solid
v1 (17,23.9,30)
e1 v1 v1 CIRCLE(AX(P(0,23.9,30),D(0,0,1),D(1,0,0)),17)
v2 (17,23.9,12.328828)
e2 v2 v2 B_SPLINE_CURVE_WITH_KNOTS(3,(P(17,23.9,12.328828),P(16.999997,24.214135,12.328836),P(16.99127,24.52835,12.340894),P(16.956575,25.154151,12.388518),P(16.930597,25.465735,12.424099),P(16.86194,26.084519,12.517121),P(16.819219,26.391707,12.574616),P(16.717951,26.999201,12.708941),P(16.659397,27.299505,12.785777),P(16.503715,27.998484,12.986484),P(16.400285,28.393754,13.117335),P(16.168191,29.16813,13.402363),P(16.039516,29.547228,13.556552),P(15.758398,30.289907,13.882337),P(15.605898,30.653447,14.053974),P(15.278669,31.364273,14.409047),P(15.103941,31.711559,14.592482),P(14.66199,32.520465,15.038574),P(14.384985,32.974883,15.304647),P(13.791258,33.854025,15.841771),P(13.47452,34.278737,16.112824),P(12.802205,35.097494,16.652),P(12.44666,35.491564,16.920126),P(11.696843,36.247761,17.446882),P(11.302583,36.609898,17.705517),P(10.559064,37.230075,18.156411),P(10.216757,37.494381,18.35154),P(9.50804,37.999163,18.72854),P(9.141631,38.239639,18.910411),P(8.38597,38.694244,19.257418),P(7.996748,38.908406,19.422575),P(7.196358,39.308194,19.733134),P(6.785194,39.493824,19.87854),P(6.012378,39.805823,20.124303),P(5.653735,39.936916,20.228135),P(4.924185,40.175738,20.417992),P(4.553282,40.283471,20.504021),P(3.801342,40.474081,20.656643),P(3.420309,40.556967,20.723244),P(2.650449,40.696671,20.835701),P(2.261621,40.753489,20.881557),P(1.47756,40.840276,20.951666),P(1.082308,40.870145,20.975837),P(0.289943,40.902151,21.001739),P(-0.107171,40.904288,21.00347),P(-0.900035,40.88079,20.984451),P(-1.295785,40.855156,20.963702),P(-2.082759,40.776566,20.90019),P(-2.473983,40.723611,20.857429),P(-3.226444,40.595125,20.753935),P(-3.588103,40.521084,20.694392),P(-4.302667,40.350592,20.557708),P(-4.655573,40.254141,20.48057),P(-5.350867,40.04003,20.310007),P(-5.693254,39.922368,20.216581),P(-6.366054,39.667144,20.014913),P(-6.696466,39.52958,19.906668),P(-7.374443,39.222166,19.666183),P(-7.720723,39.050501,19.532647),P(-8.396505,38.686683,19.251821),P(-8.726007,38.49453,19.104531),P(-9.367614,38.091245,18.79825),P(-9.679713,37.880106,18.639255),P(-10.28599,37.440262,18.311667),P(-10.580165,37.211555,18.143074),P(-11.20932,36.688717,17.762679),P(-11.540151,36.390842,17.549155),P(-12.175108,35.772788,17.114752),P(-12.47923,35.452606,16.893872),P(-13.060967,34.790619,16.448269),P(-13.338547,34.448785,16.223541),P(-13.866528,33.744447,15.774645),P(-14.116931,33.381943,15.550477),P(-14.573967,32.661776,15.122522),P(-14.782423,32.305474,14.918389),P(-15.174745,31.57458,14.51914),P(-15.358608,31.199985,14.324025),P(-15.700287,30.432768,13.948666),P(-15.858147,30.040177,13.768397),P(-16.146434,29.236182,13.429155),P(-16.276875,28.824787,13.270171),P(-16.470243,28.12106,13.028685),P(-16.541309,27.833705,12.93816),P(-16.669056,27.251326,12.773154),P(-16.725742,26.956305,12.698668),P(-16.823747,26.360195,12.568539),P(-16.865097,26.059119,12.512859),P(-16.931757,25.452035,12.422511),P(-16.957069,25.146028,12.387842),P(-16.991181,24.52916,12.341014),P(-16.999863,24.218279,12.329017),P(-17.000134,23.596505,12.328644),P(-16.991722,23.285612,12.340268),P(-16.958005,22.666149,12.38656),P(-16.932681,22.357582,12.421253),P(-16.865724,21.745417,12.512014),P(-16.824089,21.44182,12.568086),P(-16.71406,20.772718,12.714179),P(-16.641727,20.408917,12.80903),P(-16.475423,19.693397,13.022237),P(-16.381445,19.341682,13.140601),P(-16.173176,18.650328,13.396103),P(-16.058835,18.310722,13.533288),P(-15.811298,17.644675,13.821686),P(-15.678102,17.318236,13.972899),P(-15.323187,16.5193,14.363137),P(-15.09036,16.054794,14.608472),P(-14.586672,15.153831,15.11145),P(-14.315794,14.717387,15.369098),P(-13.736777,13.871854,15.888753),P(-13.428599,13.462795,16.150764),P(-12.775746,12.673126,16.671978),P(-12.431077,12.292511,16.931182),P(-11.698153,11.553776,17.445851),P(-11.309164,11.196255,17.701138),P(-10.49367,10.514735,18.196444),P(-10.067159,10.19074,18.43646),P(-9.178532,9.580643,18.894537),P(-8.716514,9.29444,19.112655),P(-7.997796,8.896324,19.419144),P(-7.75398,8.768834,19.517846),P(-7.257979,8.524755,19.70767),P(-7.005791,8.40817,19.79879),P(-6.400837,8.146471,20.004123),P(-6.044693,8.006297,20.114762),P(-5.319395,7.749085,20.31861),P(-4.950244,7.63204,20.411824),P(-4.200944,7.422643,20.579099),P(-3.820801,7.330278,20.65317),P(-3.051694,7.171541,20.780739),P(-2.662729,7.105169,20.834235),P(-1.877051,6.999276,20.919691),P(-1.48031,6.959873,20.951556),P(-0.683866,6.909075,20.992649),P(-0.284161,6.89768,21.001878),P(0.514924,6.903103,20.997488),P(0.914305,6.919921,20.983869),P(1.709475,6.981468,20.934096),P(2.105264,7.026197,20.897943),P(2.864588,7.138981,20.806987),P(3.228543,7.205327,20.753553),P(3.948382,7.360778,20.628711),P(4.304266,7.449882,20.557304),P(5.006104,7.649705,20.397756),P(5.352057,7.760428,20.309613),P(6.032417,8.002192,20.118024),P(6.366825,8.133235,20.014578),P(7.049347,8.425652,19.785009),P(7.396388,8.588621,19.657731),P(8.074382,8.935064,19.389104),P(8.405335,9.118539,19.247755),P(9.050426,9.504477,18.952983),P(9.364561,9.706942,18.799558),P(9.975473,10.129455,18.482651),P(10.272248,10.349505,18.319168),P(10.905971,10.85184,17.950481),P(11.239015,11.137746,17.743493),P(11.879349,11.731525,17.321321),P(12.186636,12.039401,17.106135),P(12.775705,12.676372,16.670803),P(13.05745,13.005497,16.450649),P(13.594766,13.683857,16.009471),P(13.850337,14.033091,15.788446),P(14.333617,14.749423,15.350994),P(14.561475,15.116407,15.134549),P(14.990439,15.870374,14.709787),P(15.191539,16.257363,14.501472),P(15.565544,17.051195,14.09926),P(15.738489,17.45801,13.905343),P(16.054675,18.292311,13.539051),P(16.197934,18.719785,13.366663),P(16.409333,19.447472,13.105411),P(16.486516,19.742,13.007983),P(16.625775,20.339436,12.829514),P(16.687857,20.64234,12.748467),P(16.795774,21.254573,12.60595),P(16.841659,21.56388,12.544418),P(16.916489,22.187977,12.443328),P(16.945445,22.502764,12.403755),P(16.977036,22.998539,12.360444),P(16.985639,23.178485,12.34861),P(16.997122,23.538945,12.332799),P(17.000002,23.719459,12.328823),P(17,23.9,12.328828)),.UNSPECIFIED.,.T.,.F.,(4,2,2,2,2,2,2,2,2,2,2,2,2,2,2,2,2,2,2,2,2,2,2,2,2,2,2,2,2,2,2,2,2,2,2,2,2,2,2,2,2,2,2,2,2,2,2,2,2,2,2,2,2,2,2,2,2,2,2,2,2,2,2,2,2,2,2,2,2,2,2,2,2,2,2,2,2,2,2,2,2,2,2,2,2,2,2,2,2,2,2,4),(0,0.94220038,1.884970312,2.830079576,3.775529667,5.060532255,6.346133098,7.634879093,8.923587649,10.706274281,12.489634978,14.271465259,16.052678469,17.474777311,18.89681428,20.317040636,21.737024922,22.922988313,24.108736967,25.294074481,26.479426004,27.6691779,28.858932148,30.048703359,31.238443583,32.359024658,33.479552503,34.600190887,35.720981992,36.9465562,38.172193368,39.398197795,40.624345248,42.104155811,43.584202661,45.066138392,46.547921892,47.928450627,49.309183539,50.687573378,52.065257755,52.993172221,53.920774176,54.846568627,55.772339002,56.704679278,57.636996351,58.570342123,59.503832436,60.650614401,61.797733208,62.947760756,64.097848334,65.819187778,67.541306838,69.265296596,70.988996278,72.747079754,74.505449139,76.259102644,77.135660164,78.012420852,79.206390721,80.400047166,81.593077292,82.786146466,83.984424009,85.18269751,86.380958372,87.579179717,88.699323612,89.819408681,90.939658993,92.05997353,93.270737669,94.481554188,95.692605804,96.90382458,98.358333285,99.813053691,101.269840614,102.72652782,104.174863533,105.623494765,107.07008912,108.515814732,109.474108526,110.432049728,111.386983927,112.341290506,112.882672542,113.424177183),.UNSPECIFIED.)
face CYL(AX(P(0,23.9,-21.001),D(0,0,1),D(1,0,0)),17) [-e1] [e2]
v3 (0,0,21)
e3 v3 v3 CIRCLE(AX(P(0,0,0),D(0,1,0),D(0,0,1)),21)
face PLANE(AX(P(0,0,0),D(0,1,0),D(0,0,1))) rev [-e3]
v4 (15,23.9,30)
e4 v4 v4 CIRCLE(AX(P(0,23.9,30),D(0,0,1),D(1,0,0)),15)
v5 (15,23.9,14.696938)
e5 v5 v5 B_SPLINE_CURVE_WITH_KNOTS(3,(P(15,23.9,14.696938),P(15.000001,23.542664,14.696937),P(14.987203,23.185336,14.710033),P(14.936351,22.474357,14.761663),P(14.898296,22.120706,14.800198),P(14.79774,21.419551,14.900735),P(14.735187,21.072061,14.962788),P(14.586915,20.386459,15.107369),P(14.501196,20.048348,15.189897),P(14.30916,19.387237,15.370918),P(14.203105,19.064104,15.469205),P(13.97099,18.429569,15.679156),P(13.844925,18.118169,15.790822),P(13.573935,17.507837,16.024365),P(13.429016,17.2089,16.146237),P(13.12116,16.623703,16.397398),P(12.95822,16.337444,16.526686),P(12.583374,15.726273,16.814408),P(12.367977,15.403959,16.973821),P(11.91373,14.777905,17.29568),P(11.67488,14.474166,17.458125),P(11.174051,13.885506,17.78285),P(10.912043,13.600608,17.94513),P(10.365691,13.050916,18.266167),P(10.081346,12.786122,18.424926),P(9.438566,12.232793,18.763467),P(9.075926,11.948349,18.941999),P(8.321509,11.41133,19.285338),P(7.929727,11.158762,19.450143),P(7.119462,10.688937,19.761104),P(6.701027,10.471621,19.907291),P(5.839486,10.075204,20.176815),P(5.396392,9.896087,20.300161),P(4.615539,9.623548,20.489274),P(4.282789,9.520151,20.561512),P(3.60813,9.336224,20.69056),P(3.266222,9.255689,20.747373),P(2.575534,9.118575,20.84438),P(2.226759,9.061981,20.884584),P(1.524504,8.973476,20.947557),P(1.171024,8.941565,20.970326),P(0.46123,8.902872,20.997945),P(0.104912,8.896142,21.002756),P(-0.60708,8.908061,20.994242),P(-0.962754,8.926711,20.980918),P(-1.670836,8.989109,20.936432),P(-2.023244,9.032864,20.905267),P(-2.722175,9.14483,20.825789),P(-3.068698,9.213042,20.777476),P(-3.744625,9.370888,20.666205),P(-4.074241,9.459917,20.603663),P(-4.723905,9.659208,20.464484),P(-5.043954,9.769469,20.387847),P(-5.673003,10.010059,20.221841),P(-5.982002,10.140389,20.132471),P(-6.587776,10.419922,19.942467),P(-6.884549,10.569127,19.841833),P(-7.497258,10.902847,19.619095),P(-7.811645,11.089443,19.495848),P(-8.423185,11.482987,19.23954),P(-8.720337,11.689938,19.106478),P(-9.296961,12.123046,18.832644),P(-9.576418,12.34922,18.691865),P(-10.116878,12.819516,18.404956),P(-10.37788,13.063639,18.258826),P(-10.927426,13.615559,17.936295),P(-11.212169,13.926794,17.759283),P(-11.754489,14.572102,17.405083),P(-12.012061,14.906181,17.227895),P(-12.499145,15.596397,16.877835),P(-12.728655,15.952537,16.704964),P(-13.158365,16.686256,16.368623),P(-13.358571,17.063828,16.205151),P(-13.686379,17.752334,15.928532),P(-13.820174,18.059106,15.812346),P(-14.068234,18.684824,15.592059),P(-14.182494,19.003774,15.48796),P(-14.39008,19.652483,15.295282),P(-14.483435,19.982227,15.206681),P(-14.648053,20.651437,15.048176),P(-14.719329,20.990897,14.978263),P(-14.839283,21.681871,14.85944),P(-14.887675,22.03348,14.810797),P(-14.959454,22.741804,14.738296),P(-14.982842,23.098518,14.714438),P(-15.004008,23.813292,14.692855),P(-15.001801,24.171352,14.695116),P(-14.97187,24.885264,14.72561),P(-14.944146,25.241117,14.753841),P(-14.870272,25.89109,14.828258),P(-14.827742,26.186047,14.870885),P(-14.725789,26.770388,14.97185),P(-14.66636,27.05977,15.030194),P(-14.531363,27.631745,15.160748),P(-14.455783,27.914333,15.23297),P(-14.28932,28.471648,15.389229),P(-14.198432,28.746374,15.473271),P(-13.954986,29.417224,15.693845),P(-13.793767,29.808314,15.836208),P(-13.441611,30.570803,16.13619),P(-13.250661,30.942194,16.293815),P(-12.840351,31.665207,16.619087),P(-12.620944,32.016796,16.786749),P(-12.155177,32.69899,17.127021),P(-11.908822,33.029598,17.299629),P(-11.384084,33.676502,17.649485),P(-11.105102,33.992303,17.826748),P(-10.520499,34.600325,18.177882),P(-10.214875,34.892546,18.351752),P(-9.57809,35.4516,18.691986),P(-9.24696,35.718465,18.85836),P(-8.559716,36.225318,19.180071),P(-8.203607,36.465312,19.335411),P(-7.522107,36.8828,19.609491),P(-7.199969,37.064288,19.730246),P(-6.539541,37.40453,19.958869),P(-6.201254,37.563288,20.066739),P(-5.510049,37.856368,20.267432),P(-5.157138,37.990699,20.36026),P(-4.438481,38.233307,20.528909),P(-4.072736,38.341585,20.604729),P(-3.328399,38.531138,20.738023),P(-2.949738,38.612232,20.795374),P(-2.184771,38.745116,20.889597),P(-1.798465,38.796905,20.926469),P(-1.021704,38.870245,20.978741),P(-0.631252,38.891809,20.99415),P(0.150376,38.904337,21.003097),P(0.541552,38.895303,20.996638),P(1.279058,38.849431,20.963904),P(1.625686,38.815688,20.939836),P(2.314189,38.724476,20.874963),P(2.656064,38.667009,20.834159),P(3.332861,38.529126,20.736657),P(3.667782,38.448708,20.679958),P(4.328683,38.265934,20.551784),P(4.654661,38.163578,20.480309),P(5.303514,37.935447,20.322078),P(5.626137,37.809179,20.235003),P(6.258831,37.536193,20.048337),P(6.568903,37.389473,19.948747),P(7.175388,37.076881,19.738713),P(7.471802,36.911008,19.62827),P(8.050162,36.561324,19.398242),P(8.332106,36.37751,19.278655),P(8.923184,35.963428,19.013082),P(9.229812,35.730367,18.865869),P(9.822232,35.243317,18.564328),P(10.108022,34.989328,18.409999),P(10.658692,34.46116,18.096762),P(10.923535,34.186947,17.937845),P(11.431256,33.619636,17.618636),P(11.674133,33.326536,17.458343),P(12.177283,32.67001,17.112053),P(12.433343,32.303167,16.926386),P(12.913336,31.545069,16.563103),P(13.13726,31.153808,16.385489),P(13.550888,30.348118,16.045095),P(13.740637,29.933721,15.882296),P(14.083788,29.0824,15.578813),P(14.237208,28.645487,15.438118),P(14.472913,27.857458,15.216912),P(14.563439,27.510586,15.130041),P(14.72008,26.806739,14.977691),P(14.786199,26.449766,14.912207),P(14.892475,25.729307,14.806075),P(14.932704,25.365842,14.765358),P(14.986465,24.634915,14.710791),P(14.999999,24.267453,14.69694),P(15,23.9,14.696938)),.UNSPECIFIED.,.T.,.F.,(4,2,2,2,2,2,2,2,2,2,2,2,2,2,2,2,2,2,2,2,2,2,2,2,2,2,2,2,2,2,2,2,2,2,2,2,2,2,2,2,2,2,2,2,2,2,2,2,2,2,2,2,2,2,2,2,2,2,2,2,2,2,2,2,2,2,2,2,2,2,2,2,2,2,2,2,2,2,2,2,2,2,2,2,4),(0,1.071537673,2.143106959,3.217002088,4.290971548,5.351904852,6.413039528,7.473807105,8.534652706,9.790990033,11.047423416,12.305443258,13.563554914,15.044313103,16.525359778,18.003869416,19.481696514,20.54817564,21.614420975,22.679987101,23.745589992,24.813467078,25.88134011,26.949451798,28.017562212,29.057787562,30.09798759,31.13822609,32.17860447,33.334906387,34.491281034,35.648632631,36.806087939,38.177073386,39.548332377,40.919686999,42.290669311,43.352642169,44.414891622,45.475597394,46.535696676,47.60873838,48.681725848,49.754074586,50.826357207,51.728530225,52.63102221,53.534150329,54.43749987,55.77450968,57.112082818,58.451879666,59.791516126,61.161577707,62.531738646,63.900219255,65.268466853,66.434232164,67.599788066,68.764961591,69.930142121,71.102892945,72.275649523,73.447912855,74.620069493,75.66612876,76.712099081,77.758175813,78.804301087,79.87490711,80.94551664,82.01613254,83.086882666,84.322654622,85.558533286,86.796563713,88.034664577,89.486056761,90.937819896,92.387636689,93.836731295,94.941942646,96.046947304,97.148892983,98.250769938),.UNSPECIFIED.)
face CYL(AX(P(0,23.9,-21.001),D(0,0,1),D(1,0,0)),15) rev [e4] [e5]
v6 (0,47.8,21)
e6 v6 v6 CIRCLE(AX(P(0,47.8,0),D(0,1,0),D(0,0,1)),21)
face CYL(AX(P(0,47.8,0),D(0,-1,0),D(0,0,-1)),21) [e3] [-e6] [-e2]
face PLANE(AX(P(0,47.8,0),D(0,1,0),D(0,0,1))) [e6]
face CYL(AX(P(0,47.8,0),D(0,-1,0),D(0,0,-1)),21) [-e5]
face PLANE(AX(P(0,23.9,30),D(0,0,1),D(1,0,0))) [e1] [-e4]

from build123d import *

# Parameters (mm, degrees)
SKETCH1_R                = 21
BOSS_EXTRUDE1_DEPTH      = 47.8
BOSS_EXTRUDE2_REACH      = 74.985
BOSS_EXTRUDE2_END_RADIUS = 21
SKETCH3_R                = 17
SKETCH3_R_2              = 15


with BuildPart() as part:
    # Sketch1 → Boss-Extrude1 (new body)
    with BuildSketch(Plane(origin=(0, 0, 0), x_dir=(1, 0, 0), z_dir=(0, 1, 0))):
        with Locations(Location((0, 0, 0), (0, 0, 90))):
            Circle(SKETCH1_R)
    extrude(amount=BOSS_EXTRUDE1_DEPTH)

    # Boss-Extrude2: up to this cylinder (the profile starts outside it)
    boss_extrude2_end = Plane(origin=(0, 23.9, 0), z_dir=(0, -1, 0)) * Cylinder(BOSS_EXTRUDE2_END_RADIUS, 192.97, mode=Mode.PRIVATE)
    # Sketch3 → Boss-Extrude2 (add, up to the surface)
    with BuildSketch(Plane.XY.offset(30), mode=Mode.PRIVATE) as boss_extrude2_sk1:
        with Locations((0, 23.9)):
            Circle(SKETCH3_R)
        with Locations((0, 23.9)):
            Circle(SKETCH3_R_2, mode=Mode.SUBTRACT)
    boss_extrude2_tool1 = extrude(boss_extrude2_sk1.sketch, amount=-BOSS_EXTRUDE2_REACH, mode=Mode.PRIVATE) - boss_extrude2_end
    add(boss_extrude2_tool1.solids().sort_by_distance((-16.519167, 23.9, 30))[0])


solid = part.part
